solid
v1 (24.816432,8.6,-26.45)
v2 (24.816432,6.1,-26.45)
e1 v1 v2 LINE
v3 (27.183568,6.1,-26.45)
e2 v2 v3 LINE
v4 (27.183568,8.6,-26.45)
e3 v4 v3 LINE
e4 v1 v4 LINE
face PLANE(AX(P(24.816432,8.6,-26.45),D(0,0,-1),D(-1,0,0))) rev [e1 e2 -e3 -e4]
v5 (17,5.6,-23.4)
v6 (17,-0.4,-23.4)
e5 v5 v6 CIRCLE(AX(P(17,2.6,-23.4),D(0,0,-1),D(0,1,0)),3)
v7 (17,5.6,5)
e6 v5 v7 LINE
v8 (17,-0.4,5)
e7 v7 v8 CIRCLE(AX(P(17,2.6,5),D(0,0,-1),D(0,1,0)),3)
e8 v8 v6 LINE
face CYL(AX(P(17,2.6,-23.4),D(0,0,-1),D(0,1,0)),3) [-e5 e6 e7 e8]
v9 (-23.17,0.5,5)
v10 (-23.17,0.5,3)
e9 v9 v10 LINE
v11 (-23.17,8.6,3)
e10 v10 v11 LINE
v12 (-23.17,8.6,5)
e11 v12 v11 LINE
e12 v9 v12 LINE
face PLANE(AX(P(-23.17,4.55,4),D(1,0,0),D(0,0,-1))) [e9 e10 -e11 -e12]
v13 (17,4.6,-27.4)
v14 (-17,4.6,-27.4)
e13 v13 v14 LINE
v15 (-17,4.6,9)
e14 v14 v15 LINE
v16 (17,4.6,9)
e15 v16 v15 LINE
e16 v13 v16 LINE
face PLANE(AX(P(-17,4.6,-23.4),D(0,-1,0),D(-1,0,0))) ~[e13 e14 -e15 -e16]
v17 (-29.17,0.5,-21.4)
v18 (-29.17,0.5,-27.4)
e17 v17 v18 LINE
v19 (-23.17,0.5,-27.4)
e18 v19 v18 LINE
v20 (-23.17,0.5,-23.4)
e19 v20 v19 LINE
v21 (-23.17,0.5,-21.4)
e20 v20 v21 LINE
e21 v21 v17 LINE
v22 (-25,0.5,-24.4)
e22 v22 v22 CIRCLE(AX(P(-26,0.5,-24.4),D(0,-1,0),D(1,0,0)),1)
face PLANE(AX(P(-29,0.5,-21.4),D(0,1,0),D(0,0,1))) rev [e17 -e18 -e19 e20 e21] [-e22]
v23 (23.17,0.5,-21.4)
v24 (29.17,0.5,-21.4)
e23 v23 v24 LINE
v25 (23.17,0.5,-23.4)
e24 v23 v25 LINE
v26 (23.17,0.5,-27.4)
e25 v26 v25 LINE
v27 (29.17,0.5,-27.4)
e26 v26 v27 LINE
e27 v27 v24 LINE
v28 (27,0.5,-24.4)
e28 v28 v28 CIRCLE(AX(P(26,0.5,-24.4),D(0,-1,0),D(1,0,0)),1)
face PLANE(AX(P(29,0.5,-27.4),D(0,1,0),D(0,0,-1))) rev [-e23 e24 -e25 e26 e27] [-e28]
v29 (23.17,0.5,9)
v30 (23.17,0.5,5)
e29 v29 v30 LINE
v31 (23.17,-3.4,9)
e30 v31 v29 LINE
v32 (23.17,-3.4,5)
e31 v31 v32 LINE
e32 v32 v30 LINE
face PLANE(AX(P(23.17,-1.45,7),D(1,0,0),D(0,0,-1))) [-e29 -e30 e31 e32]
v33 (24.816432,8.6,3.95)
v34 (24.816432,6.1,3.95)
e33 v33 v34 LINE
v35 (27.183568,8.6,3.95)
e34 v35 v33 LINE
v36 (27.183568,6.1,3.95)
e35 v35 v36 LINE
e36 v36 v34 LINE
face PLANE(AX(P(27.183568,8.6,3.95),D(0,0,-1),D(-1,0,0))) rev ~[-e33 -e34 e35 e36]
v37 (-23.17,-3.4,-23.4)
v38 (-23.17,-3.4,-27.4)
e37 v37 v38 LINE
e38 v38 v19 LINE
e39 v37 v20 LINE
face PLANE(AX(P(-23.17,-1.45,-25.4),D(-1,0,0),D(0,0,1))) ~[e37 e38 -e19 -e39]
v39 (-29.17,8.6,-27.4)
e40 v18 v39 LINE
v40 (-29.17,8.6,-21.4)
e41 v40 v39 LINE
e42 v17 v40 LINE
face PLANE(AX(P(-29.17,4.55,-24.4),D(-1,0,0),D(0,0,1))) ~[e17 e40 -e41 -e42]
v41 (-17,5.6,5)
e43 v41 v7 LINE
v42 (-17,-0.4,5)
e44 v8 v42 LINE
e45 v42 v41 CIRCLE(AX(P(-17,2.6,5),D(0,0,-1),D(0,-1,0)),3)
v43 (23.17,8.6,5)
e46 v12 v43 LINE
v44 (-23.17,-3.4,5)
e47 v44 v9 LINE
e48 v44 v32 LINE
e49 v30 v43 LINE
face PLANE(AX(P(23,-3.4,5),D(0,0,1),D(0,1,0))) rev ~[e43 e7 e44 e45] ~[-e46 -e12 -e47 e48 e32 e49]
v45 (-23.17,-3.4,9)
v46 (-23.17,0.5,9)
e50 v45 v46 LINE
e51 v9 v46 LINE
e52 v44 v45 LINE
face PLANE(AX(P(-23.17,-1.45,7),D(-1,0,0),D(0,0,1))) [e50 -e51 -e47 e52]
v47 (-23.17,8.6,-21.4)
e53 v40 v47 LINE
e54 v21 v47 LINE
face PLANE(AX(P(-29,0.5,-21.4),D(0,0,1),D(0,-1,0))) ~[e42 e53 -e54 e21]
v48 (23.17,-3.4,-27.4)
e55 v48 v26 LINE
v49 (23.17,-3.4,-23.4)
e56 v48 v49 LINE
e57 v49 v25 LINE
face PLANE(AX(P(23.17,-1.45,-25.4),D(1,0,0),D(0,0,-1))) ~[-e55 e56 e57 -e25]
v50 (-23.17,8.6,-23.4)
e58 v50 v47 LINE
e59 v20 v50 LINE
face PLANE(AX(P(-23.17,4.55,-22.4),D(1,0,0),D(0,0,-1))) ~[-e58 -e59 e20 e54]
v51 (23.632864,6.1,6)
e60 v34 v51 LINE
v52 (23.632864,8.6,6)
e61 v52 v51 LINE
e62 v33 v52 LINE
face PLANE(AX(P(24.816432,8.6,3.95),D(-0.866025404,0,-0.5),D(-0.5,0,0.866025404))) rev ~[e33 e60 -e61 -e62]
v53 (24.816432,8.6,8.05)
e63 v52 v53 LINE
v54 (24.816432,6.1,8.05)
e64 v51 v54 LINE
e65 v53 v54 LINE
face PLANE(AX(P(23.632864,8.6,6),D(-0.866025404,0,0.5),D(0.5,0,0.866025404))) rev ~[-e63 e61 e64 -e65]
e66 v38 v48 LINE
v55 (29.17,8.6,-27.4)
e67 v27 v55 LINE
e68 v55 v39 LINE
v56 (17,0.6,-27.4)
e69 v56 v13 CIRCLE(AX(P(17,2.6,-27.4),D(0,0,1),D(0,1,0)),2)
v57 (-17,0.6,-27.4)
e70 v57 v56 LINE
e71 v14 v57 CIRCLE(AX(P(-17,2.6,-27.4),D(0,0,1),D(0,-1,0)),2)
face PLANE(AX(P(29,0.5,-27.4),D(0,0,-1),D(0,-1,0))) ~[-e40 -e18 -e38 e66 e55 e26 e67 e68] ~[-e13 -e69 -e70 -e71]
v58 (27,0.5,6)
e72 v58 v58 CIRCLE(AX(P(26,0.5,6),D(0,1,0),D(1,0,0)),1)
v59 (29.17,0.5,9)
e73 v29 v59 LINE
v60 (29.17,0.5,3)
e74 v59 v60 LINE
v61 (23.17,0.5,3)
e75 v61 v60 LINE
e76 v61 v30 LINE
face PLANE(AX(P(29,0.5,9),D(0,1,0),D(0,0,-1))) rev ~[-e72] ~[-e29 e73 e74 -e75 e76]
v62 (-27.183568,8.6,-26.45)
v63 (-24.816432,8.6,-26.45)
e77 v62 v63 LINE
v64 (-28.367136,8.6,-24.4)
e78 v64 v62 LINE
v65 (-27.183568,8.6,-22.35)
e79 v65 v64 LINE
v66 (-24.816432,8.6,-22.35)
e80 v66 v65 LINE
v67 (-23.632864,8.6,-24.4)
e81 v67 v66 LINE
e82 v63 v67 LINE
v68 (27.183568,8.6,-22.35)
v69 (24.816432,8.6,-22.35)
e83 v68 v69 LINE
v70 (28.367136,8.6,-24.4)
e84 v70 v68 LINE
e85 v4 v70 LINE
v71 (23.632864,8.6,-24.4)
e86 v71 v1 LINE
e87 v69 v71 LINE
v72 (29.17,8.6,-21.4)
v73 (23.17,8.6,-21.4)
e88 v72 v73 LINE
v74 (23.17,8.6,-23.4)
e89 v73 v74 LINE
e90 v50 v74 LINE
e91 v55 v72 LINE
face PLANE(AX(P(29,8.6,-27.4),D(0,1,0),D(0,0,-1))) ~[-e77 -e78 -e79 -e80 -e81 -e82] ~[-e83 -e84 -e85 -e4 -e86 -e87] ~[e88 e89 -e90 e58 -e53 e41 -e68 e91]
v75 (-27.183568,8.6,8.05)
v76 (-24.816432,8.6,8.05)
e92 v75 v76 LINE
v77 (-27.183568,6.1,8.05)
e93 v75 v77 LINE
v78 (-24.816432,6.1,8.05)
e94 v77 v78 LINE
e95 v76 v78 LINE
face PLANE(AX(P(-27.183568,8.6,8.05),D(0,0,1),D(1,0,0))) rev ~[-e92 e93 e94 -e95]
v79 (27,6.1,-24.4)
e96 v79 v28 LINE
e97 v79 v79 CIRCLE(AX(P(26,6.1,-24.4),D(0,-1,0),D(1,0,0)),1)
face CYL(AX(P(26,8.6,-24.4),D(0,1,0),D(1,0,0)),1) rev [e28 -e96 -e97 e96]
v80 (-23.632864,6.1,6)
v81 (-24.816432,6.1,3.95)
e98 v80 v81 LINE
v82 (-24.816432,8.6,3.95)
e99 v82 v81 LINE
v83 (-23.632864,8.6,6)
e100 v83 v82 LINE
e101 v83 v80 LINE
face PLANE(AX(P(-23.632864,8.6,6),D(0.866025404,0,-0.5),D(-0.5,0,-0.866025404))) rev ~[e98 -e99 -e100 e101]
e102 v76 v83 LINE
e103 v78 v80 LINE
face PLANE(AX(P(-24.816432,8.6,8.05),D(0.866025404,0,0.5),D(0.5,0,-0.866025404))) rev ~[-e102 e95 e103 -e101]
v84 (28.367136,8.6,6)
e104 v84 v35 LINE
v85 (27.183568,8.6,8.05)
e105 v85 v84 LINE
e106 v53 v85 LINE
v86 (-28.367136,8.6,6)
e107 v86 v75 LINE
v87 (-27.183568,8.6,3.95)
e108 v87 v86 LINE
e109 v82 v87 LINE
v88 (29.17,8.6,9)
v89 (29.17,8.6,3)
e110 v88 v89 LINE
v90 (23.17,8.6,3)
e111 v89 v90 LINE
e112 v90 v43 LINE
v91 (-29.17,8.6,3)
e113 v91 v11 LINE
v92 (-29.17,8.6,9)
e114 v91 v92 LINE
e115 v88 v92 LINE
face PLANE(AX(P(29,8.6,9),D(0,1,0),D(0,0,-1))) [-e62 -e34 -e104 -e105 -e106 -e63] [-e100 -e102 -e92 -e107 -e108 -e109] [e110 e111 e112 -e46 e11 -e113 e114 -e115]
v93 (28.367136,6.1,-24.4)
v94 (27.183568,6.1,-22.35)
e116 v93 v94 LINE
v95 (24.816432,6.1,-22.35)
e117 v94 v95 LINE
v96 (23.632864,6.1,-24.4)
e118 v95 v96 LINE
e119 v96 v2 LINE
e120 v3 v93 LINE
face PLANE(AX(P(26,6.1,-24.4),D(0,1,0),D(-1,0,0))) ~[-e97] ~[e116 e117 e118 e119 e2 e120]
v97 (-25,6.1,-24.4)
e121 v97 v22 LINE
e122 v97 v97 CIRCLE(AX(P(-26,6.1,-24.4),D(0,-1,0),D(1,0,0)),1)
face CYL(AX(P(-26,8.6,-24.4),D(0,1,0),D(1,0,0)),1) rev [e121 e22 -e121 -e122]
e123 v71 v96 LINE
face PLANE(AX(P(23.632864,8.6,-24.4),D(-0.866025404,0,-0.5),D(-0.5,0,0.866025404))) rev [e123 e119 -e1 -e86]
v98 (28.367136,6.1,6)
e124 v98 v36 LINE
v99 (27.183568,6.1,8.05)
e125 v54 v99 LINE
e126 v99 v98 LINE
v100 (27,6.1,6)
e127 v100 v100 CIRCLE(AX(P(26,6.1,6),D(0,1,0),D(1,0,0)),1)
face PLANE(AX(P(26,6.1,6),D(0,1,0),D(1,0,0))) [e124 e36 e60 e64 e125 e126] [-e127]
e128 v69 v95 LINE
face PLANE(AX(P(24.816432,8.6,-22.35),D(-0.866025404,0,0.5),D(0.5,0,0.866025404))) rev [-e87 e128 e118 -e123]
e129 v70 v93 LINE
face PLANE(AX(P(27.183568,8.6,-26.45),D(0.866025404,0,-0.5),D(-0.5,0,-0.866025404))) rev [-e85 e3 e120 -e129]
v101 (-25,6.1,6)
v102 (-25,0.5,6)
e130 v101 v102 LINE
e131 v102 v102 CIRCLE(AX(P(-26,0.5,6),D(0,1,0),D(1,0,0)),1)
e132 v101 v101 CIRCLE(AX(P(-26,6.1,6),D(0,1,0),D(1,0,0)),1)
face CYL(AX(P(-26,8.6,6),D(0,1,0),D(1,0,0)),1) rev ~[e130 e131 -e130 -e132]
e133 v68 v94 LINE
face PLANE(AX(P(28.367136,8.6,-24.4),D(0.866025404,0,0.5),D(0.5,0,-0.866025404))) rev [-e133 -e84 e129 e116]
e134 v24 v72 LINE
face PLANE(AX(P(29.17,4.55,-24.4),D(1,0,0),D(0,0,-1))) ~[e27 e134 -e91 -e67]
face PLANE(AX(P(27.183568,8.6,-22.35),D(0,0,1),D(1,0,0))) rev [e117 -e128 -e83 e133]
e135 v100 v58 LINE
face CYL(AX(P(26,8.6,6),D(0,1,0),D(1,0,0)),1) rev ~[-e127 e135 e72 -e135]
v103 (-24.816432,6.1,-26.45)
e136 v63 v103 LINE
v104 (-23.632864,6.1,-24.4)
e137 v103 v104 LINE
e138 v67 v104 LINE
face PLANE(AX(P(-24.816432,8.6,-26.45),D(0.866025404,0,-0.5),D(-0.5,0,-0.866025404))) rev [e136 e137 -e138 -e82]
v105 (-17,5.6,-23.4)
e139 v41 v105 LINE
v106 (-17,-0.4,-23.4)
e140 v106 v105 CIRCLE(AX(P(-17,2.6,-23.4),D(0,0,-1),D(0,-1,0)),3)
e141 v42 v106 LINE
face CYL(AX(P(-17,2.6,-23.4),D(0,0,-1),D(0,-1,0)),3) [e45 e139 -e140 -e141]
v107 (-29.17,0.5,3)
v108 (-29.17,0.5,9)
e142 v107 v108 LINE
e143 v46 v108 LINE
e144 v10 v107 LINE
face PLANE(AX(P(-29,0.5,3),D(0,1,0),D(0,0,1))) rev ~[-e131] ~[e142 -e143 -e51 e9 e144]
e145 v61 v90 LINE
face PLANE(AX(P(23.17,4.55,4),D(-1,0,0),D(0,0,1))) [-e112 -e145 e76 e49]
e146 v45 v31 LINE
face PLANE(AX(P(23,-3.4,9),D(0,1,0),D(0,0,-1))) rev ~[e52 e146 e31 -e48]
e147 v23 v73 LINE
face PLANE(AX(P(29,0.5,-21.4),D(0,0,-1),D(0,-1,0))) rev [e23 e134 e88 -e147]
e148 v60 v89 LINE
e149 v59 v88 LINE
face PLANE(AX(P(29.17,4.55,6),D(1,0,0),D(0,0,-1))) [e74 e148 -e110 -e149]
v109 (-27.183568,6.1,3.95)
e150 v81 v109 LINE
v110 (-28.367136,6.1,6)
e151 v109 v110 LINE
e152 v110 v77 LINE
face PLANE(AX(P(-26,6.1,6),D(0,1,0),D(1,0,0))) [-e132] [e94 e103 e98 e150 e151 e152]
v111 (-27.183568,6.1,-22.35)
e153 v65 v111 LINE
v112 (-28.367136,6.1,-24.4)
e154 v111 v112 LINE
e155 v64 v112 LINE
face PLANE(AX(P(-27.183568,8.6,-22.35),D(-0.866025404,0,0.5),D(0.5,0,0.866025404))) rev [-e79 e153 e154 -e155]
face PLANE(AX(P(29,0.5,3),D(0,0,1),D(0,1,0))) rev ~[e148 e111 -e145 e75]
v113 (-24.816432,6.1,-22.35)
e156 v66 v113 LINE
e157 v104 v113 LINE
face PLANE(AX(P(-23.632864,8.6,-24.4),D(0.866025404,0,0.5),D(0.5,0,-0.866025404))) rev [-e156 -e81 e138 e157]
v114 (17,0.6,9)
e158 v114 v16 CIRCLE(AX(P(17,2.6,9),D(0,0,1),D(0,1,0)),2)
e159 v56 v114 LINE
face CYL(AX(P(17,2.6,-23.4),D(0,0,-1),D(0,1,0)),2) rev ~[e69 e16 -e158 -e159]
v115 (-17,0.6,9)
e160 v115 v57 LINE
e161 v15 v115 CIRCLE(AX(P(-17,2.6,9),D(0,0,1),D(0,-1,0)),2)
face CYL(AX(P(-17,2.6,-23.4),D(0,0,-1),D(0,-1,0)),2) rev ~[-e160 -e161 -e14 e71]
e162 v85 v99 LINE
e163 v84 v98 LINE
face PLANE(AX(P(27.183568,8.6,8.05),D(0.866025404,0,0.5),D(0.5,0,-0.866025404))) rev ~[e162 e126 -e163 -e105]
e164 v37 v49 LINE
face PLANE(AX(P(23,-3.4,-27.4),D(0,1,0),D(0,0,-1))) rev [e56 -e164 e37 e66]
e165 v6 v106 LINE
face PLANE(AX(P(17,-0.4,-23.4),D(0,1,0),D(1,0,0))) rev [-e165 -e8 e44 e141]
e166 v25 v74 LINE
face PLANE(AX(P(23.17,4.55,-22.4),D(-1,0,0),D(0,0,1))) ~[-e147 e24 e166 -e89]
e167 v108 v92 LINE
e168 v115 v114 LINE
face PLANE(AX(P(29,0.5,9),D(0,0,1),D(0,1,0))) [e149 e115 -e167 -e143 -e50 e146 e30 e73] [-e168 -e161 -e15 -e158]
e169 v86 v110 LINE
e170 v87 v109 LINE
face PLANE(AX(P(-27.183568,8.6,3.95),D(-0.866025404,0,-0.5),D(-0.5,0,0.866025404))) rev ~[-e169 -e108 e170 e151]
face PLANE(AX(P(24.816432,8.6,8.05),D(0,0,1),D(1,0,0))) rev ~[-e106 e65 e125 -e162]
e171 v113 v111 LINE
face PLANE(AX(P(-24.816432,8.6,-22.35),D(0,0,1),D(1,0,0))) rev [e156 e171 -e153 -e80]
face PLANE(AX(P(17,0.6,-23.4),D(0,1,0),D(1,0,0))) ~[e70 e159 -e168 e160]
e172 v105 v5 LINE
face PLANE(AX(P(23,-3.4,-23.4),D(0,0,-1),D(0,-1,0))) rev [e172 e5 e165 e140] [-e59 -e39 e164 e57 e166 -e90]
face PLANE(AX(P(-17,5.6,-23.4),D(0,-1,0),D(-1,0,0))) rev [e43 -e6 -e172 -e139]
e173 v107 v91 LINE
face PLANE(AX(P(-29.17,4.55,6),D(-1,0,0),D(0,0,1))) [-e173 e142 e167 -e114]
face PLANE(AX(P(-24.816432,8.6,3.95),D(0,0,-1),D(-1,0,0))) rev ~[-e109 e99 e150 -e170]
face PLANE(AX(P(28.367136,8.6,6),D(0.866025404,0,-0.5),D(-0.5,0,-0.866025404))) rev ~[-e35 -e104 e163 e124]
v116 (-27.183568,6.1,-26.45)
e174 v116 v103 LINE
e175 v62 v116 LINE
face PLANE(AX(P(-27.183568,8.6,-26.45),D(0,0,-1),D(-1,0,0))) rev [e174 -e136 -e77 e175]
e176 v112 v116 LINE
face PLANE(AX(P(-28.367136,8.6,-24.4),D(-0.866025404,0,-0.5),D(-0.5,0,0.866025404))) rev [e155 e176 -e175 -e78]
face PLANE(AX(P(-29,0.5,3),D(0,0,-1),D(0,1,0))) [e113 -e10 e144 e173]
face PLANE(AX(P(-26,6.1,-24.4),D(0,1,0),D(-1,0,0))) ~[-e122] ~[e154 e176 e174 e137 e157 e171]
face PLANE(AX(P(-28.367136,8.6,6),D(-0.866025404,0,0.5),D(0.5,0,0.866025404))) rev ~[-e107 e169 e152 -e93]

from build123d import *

# Parameters (mm, degrees)
ESBO_O1_W                 = 58
ESBO_O1_H                 = 6
RESSALTO_EXTRUS_O1_DEPTH  = 8.6
ESBO_O2_W                 = 47.9
ESBO_O2_H                 = 6
RESSALTO_EXTRUS_O2_DEPTH  = 3.4
CORTE_EXTRUS_O2_DEPTH     = 7
ESBO_O8_W                 = 5.05
ESBO_O8_H                 = 6
CORTE_EXTRUS_O3_DEPTH     = 0.5
ESBO_O9_W                 = 46
ESBO_O9_H                 = 2
CORTE_EXTRUS_O4_DEPTH     = 8.1
ESBO_O10_W                = 47.9
ESBO_O10_H                = 2
CORTE_EXTRUS_O5_DEPTH     = 3.9
ESBO_O11_W                = 0.95
ESBO_O11_H                = 4
CORTE_EXTRUS_O6_DEPTH     = 4.9
ESBO_O15_W                = 4
ESBO_O15_H                = 3.9
RESSALTO_EXTRUS_O4_DEPTH  = 0.17
ESBO_O16_R                = 1
CORTE_EXTRUS_O9_DEPTH     = 2.5
ESBO_O16_4_R              = 1
CORTE_EXTRUS_O10_DEPTH    = 13
RESSALTO_EXTRUS_O5_DEPTH  = 14.2
ESBO_O18_W                = 2
ESBO_O18_H                = 8.1
CORTE_EXTRUS_O11_DEPTH    = 0.17
ESBO_O19_W                = 2
ESBO_O19_H                = 8.1
CORTE_EXTRUS_O12_DEPTH    = 0.17
ESBO_O20_W                = 4
ESBO_O20_H                = 3.9
RESSALTO_EXTRUS_O6_DEPTH  = 0.17
ESBO_O23_W                = 6
ESBO_O23_H                = 8.1
RESSALTO_EXTRUS_O9_DEPTH  = 0.17
ESBO_O24_W                = 6
ESBO_O24_H                = 8.1
RESSALTO_EXTRUS_O10_DEPTH = 0.17


with BuildPart() as part:
    # Esboço1 → Ressalto-extrusão1 (new body)
    with BuildSketch(Plane(origin=(0, 0, 0), x_dir=(1, 0, 0), z_dir=(0, 1, 0))):
        Rectangle(ESBO_O1_W, ESBO_O1_H)
    extrude(amount=RESSALTO_EXTRUS_O1_DEPTH)

    # Esboço2 → Ressalto-extrusão2 (add)
    with BuildSketch(Plane.XZ):
        Rectangle(ESBO_O2_W, ESBO_O2_H)
    extrude(amount=RESSALTO_EXTRUS_O2_DEPTH)

    # Esboço4 → Corte-extrusão2 (cut, through all)
    with BuildSketch(Plane.XY.offset(3)):
        with BuildLine():
            Line((-17, 4.6), (17, 4.6))
            ThreePointArc((17, 4.6), (19, 2.6), (17, 0.6))
            Line((17, 0.6), (-17, 0.6))
            ThreePointArc((-17, 0.6), (-19, 2.6), (-17, 4.6))
        make_face()
    extrude(amount=-CORTE_EXTRUS_O2_DEPTH, mode=Mode.SUBTRACT)


with BuildPart() as body_2:
    # Espelhar1: mirrored copy
    add(part.part.mirror(Plane(origin=(-29, 8.6, 3), x_dir=(1, 0, 0), z_dir=(0, 0, -1))))

    # Esboço8 → Corte-extrusão3 (cut)
    with BuildSketch(Plane.XZ):
        with Locations((-26.475, 6)):
            Rectangle(ESBO_O8_W, ESBO_O8_H)
        with Locations((26.475, 6)):
            Rectangle(ESBO_O8_W, ESBO_O8_H)
    extrude(amount=-CORTE_EXTRUS_O3_DEPTH, mode=Mode.SUBTRACT)

    # Esboço9 → Corte-extrusão4 (cut)
    with BuildSketch(Plane(origin=(0, 8.6, 0), x_dir=(1, 0, 0), z_dir=(0, 1, 0))):
        with Locations((0, -4)):
            Rectangle(ESBO_O9_W, ESBO_O9_H)
    extrude(amount=-CORTE_EXTRUS_O4_DEPTH, mode=Mode.SUBTRACT)

    # Esboço10 → Corte-extrusão5 (cut)
    with BuildSketch(Plane.XZ.offset(3.4)):
        with Locations((0, 4)):
            Rectangle(ESBO_O10_W, ESBO_O10_H)
    extrude(amount=-CORTE_EXTRUS_O5_DEPTH, mode=Mode.SUBTRACT)

    # Esboço11 → Corte-extrusão6 (cut, through all)
    with BuildSketch(Plane.XZ.offset(-0.5)):
        with Locations((23.475, 7)):
            Rectangle(ESBO_O11_W, ESBO_O11_H)
        with Locations((-23.475, 7)):
            Rectangle(ESBO_O11_W, ESBO_O11_H)
    extrude(amount=CORTE_EXTRUS_O6_DEPTH, mode=Mode.SUBTRACT)

    # Esboço15 → Ressalto-extrusão4 (add)
    with BuildSketch(Plane.ZY.offset(23)):
        with Locations((7, -1.45)):
            Rectangle(ESBO_O15_W, ESBO_O15_H)
    extrude(amount=RESSALTO_EXTRUS_O4_DEPTH)

    # Esboço16 → Corte-extrusão9 (cut)
    with BuildSketch(Plane(origin=(0, 8.6, 0), x_dir=(1, 0, 0), z_dir=(0, 1, 0))):
        with Locations((26, -6)):
            Circle(ESBO_O16_R)
        Polygon((27.183568052, -3.95), (24.816431948, -3.95), (23.632863896, -6), (24.816431948, -8.05), (27.183568052, -8.05), (28.367136104, -6), align=None)
        with Locations((26, -6)):
            Circle(ESBO_O16_R, mode=Mode.SUBTRACT)
        Polygon((-24.816431948, -3.95), (-27.183568052, -3.95), (-28.367136104, -6), (-27.183568052, -8.05), (-24.816431948, -8.05), (-23.632863896, -6), align=None)
        with Locations((-26, -6)):
            Circle(ESBO_O16_R, mode=Mode.SUBTRACT)
        with Locations((-26, -6)):
            Circle(ESBO_O16_R)
    extrude(amount=-CORTE_EXTRUS_O9_DEPTH, mode=Mode.SUBTRACT)

    # Esboço16<4> → Corte-extrusão10 (cut, through all)
    with BuildSketch(Plane(origin=(0, 8.6, 0), x_dir=(1, 0, 0), z_dir=(0, 1, 0))):
        with Locations((26, -6)):
            Circle(ESBO_O16_4_R)
        with Locations((-26, -6)):
            Circle(ESBO_O16_4_R)
    extrude(amount=-CORTE_EXTRUS_O10_DEPTH, mode=Mode.SUBTRACT)

    # Esboço17 → Ressalto-extrusão5 (add)
    with BuildSketch(Plane(origin=(0, 0, 5), x_dir=(-1, 0, 0), z_dir=(0, 0, -1))):
        with BuildLine():
            Line((17, 5.6), (-17, 5.6))
            ThreePointArc((-17, 5.6), (-20, 2.6), (-17, -0.4))
            Line((-17, -0.4), (17, -0.4))
            ThreePointArc((17, -0.4), (20, 2.6), (17, 5.6))
        make_face()
        with BuildLine():
            Line((-17, 0.6), (17, 0.6))
            ThreePointArc((17, 0.6), (19, 2.6), (17, 4.6))
            Line((17, 4.6), (-17, 4.6))
            ThreePointArc((-17, 4.6), (-19, 2.6), (-17, 0.6))
        make_face(mode=Mode.SUBTRACT)
    extrude(amount=RESSALTO_EXTRUS_O5_DEPTH)

    # Esboço18 → Corte-extrusão11 (cut)
    with BuildSketch(Plane(origin=(-23, 0, 0), x_dir=(0, 0, -1), z_dir=(1, 0, 0))):
        with Locations((-4, 4.55)):
            Rectangle(ESBO_O18_W, ESBO_O18_H)
    extrude(amount=-CORTE_EXTRUS_O11_DEPTH, mode=Mode.SUBTRACT)

    # Esboço19 → Corte-extrusão12 (cut)
    with BuildSketch(Plane.ZY.offset(-23)):
        with Locations((4, 4.55)):
            Rectangle(ESBO_O19_W, ESBO_O19_H)
    extrude(amount=-CORTE_EXTRUS_O12_DEPTH, mode=Mode.SUBTRACT)

    # Esboço20 → Ressalto-extrusão6 (add)
    with BuildSketch(Plane(origin=(23, 0, 0), x_dir=(0, 0, -1), z_dir=(1, 0, 0))):
        with Locations((-7, -1.45)):
            Rectangle(ESBO_O20_W, ESBO_O20_H)
    extrude(amount=RESSALTO_EXTRUS_O6_DEPTH)

    # Esboço23 → Ressalto-extrusão9 (add)
    with BuildSketch(Plane.ZY.offset(29)):
        with Locations((6, 4.55)):
            Rectangle(ESBO_O23_W, ESBO_O23_H)
    extrude(amount=RESSALTO_EXTRUS_O9_DEPTH)

    # Esboço24 → Ressalto-extrusão10 (add)
    with BuildSketch(Plane(origin=(29, 0, 0), x_dir=(0, 0, -1), z_dir=(1, 0, 0))):
        with Locations((-6, 4.55)):
            Rectangle(ESBO_O24_W, ESBO_O24_H)
    extrude(amount=RESSALTO_EXTRUS_O10_DEPTH)

    # Espelhar2: body 2 across plane


with BuildPart() as body_2_1:
    add(body_2.part)
    add(body_2.part.mirror(Plane(origin=(-17, 2.6, -9.2), x_dir=(1, 0, 0), z_dir=(0, 0, -1))))


solid = body_2_1.part
